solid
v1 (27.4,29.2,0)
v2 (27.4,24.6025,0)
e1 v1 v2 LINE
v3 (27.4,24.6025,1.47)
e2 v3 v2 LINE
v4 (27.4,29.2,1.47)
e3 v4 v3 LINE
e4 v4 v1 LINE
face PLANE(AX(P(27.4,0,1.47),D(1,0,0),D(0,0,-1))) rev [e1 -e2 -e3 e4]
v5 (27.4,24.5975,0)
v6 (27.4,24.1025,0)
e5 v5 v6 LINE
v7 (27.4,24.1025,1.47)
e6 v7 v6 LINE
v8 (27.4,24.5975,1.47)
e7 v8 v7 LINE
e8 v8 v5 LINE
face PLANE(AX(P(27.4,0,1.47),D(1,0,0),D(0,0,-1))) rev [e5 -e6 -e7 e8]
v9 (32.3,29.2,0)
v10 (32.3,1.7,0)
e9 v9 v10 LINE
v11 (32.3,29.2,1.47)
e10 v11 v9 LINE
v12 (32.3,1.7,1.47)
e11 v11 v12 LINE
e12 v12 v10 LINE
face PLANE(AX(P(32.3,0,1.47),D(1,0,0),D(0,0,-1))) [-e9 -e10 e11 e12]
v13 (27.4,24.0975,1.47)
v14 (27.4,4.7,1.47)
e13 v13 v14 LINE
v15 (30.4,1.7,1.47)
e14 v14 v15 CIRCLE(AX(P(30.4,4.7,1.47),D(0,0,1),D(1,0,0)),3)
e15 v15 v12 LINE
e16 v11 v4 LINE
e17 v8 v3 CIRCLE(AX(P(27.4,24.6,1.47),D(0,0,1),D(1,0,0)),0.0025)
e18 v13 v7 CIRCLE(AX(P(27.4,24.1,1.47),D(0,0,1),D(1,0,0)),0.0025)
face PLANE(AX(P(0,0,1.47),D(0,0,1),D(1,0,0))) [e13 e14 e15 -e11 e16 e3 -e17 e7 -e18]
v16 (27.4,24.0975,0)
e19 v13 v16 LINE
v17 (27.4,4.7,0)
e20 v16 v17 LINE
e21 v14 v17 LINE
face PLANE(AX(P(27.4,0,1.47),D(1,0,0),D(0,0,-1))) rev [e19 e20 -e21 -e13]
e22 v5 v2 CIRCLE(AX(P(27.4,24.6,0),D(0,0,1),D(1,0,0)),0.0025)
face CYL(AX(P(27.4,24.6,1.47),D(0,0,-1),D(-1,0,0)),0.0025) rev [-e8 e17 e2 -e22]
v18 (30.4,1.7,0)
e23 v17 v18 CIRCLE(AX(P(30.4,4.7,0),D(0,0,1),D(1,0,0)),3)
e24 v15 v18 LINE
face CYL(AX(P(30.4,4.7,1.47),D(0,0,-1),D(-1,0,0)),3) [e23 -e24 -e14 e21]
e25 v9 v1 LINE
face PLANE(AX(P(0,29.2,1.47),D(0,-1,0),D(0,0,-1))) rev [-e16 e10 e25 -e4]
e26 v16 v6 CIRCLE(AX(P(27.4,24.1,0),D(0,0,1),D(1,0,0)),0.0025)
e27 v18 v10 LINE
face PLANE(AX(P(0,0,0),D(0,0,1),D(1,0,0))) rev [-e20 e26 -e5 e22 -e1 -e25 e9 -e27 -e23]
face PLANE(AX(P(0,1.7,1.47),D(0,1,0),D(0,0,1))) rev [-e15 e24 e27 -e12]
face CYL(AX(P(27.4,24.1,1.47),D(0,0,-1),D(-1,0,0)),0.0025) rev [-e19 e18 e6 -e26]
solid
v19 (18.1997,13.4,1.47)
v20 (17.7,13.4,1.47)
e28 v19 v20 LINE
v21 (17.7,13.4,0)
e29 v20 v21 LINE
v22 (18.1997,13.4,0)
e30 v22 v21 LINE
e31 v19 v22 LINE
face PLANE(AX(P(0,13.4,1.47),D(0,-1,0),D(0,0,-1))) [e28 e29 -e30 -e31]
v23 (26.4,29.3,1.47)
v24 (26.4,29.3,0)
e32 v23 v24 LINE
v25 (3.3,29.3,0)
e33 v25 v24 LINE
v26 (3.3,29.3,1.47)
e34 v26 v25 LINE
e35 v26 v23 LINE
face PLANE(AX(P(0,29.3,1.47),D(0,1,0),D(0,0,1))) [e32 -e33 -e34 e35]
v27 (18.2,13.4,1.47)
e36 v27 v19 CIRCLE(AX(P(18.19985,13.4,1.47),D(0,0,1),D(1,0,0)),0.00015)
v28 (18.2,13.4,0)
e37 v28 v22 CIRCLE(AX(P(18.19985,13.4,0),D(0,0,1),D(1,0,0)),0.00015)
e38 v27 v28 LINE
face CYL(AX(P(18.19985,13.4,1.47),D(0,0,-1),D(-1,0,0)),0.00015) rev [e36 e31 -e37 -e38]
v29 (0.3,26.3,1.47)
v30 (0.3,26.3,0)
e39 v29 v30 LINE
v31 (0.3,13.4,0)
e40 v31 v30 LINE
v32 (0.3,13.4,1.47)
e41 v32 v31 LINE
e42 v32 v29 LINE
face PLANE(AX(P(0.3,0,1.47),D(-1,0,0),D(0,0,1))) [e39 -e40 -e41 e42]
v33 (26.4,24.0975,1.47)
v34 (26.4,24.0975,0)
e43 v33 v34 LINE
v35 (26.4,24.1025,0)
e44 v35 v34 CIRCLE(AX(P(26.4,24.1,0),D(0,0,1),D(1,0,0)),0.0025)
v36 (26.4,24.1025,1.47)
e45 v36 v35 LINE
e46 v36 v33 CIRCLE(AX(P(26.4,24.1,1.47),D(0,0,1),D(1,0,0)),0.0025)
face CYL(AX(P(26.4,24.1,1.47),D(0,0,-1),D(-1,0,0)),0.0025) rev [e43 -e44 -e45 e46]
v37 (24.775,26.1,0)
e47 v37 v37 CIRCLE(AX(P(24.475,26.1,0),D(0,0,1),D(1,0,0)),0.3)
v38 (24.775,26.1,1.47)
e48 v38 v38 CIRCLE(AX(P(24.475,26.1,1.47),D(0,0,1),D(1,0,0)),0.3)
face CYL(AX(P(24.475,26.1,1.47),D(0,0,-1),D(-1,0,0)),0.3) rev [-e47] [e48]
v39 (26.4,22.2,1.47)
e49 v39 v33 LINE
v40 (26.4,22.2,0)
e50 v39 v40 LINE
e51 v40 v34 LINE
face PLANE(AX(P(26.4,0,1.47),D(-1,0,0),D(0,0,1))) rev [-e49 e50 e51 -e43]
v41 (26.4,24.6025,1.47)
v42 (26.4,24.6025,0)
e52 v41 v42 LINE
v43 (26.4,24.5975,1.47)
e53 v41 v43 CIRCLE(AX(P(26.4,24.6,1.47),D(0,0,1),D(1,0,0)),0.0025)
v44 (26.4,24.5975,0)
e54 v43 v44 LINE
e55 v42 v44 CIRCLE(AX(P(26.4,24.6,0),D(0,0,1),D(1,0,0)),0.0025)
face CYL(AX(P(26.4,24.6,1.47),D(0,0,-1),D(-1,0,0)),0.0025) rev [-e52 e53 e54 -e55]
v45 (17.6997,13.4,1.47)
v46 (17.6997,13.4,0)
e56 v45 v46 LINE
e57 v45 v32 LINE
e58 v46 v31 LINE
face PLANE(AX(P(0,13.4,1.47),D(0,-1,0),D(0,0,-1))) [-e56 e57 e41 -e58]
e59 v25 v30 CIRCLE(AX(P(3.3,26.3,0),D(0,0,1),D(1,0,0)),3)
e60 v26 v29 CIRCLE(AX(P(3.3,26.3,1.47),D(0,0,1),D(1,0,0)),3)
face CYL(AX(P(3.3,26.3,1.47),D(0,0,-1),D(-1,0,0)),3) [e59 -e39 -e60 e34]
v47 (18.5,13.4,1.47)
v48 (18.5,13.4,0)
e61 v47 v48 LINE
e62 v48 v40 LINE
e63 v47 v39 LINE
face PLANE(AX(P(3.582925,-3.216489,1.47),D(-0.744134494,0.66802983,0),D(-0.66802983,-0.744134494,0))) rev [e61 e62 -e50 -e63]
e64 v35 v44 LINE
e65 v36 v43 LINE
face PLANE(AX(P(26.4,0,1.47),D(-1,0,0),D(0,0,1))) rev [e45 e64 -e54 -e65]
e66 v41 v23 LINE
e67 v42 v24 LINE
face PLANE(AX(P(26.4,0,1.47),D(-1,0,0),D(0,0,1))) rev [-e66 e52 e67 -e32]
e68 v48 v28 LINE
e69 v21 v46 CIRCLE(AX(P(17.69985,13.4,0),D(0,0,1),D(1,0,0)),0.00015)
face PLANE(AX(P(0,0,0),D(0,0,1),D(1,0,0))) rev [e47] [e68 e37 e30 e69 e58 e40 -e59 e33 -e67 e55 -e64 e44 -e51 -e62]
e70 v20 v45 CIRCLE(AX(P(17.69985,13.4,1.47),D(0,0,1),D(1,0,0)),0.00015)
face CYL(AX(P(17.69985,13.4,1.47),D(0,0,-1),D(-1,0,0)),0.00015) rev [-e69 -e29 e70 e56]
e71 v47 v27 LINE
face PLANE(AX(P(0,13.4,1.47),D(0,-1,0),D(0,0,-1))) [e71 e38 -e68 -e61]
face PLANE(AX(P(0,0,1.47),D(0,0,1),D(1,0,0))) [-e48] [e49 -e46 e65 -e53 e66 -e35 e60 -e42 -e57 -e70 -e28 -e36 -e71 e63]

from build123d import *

# Parameters (mm, degrees)
MODEL_R               = 0.3
BOSS_EXTRUDE1_DEPTH   = 1.47
BOSS_EXTRUDE1_2_DEPTH = 1.47


with BuildPart() as part:
    # Model → Boss-Extrude1 (new body)
    with BuildSketch(Plane.XY):
        with BuildLine():
            Line((0.3, 26.3), (0.3, 13.4))
            Line((0.3, 13.4), (18.5, 13.4))
            Line((18.5, 13.4), (26.4, 22.2))
            Line((26.4, 22.2), (26.4, 24.0975))
            ThreePointArc((26.4, 24.0975), (26.3975, 24.1), (26.4, 24.1025))
            Line((26.4, 24.1025), (26.4, 24.5975))
            ThreePointArc((26.4, 24.5975), (26.3975, 24.6), (26.4, 24.6025))
            Line((26.4, 24.6025), (26.4, 29.3))
            Line((26.4, 29.3), (3.3, 29.3))
            ThreePointArc((3.3, 29.3), (1.178679656, 28.421320344), (0.3, 26.3))
        make_face()
        with Locations((24.475, 26.1)):
            Circle(MODEL_R, mode=Mode.SUBTRACT)
    extrude(amount=BOSS_EXTRUDE1_DEPTH)


with BuildPart() as body_2:
    # Model → Boss-Extrude1 2 (new body)
    with BuildSketch(Plane.XY):
        with BuildLine():
            Line((32.3, 29.2), (27.4, 29.2))
            Line((27.4, 29.2), (27.4, 24.6025))
            ThreePointArc((27.4, 24.6025), (27.4025, 24.6), (27.4, 24.5975))
            Line((27.4, 24.5975), (27.4, 24.1025))
            ThreePointArc((27.4, 24.1025), (27.4025, 24.1), (27.4, 24.0975))
            Line((27.4, 24.0975), (27.4, 4.7))
            ThreePointArc((27.4, 4.7), (28.278679656, 2.578679656), (30.4, 1.7))
            Line((30.4, 1.7), (32.3, 1.7))
            Line((32.3, 1.7), (32.3, 29.2))
        make_face()
    extrude(amount=BOSS_EXTRUDE1_2_DEPTH)


solid = Compound([part.part, body_2.part])
